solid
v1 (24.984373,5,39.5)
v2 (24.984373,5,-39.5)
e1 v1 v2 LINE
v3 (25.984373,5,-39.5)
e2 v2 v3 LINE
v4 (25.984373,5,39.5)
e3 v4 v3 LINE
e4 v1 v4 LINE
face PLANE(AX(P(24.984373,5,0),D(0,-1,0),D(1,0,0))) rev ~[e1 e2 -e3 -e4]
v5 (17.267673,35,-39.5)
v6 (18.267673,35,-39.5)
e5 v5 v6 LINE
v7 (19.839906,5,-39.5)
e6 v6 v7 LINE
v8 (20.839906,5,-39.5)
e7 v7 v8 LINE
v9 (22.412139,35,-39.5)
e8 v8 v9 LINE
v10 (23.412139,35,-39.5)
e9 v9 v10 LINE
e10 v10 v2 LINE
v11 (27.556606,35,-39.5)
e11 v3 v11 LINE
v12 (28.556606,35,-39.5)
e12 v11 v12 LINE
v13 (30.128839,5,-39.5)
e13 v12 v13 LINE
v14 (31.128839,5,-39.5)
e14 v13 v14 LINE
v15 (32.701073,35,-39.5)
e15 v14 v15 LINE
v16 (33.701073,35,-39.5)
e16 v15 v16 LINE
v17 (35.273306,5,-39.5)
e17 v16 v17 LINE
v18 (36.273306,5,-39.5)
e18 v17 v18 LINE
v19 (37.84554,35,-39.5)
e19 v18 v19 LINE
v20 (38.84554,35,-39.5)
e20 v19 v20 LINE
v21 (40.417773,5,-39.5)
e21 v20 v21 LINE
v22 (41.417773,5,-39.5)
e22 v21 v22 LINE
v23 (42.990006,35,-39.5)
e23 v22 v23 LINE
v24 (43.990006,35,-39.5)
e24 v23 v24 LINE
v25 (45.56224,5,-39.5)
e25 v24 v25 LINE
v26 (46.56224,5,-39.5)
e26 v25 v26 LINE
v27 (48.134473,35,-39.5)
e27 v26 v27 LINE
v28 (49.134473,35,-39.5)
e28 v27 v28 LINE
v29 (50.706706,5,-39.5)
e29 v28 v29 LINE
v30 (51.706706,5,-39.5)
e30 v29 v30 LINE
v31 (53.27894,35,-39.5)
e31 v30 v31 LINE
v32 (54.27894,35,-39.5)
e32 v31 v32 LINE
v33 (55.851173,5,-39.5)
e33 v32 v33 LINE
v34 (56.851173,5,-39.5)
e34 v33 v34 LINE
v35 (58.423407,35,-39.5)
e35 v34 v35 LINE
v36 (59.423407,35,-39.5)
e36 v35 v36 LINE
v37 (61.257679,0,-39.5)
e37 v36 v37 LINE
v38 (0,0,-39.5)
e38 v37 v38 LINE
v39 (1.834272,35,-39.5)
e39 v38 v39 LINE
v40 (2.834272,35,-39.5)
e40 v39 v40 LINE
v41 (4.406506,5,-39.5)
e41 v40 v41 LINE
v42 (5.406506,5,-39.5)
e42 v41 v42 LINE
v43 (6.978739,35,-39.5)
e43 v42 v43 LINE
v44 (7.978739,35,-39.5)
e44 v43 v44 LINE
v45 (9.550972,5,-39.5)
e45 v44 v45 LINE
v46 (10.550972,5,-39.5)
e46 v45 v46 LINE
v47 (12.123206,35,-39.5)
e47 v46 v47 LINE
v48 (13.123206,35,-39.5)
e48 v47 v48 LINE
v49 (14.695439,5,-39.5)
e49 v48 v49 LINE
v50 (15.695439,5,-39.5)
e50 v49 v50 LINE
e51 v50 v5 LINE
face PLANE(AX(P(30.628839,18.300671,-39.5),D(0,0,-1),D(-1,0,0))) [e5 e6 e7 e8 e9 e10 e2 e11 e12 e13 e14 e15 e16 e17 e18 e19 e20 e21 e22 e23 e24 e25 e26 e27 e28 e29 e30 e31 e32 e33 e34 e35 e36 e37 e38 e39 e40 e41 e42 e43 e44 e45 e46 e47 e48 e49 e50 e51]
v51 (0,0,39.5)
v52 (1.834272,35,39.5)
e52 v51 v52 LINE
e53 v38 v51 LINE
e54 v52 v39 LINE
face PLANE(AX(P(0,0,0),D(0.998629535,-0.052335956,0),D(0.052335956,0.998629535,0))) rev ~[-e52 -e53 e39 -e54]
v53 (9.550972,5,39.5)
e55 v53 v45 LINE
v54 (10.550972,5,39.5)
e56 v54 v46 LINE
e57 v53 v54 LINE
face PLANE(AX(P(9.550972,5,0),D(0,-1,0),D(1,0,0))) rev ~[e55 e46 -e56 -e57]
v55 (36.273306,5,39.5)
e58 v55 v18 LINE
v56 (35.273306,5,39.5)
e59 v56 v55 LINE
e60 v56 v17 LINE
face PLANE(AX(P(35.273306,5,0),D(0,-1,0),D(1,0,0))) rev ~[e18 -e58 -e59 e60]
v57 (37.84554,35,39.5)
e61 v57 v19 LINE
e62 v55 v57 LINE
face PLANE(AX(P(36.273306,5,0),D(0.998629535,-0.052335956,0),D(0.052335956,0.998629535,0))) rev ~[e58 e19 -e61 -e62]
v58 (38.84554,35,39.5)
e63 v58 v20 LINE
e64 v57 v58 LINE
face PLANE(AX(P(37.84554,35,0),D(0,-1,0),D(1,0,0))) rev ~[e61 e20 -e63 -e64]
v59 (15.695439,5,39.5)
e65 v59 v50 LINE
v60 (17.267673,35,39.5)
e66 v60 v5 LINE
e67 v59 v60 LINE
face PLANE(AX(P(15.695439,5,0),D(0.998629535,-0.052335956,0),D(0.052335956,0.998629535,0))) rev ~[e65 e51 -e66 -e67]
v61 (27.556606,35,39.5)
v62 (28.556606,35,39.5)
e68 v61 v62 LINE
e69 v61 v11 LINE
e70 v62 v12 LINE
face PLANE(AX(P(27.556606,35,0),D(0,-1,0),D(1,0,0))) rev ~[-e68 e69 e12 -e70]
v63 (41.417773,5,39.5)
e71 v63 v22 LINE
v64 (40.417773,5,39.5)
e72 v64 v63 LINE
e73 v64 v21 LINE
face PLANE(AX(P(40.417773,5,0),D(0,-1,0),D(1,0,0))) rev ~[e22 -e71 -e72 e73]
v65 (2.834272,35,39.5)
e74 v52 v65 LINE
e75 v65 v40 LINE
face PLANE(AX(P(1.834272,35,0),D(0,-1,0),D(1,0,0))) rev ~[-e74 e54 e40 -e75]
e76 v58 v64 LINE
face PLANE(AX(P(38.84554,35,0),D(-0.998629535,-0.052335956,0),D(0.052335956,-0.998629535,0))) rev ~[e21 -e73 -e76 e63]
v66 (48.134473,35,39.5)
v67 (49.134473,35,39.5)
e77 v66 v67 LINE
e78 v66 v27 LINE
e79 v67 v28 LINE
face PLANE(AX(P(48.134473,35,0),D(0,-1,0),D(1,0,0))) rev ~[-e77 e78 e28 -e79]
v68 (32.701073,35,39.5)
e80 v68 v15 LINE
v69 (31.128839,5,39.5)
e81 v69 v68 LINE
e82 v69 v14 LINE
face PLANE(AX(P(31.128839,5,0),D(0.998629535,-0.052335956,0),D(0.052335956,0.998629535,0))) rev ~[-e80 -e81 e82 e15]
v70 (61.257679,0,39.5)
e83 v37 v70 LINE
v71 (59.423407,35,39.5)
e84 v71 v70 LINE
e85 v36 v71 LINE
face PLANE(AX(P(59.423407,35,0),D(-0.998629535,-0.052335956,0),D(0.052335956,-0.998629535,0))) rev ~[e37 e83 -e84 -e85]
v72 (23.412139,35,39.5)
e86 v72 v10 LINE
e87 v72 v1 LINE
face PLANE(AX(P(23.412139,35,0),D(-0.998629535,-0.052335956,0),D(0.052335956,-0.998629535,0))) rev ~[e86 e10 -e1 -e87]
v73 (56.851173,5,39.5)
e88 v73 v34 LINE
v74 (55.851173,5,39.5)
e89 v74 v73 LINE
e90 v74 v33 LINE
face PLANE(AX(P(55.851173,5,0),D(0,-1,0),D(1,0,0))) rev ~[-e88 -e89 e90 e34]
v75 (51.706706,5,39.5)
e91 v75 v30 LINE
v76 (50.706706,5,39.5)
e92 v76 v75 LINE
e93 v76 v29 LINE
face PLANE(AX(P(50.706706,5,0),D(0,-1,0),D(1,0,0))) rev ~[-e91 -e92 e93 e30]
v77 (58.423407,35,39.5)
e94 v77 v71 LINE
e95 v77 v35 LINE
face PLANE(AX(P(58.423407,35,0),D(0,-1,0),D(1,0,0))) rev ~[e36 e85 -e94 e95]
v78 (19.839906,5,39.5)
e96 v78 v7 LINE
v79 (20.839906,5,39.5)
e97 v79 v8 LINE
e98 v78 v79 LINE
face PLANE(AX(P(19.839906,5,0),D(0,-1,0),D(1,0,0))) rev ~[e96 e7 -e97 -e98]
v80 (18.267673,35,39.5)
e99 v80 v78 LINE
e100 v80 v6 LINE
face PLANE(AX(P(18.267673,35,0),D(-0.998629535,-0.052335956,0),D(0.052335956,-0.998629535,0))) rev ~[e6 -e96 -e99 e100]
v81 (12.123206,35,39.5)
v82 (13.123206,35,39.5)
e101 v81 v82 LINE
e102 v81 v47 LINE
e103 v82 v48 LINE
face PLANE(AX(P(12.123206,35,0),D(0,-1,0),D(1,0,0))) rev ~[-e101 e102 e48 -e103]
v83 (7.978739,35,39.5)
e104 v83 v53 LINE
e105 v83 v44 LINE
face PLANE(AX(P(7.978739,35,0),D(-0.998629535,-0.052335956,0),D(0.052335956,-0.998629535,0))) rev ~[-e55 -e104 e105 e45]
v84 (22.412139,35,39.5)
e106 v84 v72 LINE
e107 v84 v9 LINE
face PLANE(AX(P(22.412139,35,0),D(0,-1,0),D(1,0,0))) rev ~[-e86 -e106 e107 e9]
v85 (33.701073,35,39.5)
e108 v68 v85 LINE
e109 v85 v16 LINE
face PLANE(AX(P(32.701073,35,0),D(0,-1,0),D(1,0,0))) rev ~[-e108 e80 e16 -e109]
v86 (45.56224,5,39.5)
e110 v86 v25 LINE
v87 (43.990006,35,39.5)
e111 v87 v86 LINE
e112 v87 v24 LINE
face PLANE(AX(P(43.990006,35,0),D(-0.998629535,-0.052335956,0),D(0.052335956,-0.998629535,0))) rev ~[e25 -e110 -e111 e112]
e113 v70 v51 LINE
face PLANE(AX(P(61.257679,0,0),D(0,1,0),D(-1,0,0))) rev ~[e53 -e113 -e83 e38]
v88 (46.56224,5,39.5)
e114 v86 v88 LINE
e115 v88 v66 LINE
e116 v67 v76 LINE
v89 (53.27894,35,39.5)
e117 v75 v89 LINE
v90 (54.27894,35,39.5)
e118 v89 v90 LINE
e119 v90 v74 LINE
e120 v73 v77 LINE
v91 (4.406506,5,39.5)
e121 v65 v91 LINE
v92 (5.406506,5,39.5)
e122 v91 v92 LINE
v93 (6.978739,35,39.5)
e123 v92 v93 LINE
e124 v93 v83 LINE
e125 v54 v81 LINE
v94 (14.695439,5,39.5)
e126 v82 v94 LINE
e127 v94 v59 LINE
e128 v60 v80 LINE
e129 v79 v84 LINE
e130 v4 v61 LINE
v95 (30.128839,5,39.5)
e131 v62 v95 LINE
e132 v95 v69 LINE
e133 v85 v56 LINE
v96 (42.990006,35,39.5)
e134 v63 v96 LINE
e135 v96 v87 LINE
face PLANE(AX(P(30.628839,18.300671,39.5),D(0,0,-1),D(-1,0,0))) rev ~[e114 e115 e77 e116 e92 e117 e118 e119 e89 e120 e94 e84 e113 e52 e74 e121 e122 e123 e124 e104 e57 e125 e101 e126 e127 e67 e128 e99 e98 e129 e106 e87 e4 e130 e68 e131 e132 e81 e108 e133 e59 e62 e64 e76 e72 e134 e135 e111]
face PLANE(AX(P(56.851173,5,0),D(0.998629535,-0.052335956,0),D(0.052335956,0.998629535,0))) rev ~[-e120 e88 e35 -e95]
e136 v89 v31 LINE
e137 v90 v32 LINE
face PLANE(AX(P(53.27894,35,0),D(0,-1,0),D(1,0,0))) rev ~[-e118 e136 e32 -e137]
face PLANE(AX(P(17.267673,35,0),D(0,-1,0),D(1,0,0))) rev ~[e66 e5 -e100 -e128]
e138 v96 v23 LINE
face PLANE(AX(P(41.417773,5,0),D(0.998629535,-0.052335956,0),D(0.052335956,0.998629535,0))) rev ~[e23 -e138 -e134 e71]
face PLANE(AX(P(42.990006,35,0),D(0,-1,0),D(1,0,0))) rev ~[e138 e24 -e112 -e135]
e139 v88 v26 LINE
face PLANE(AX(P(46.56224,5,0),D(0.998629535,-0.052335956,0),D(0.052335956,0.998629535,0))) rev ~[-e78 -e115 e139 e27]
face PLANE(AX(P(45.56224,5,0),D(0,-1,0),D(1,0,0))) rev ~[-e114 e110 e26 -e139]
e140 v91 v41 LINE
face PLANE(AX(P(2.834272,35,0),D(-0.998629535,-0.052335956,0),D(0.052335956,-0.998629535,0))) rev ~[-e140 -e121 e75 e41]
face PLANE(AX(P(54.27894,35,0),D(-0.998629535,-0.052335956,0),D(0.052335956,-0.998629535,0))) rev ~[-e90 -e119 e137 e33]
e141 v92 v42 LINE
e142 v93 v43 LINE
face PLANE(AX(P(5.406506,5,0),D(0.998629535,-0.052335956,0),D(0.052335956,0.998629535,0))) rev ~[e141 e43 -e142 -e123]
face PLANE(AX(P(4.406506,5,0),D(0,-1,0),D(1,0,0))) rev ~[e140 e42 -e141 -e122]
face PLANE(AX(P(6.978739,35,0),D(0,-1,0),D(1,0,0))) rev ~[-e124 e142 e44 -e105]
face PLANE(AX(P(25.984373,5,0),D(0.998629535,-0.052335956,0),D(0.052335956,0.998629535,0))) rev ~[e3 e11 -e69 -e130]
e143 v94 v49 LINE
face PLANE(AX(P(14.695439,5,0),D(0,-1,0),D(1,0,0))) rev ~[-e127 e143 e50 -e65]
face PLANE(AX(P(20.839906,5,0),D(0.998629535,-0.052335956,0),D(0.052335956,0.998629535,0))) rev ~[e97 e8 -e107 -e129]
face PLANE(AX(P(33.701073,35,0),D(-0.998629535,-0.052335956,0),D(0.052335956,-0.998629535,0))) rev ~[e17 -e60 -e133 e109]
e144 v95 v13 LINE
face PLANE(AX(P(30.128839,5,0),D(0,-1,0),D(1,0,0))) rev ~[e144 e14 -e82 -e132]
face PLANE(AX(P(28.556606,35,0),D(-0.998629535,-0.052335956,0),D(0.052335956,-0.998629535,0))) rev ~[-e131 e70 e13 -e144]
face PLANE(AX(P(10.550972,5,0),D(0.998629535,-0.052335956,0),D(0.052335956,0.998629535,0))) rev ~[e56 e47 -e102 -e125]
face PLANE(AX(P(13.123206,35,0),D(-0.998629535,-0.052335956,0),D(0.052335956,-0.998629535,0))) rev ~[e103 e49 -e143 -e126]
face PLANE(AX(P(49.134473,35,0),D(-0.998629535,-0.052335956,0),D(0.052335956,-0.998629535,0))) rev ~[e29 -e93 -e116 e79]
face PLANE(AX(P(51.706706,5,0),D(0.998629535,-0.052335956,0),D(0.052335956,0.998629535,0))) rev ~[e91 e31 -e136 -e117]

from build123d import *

# Parameters (mm, degrees)
BOSS_EXTRUDE1_DEPTH = 39.5


with BuildPart() as part:
    # Sketch1 → Boss-Extrude1 (new, symmetric)
    with BuildSketch(Plane.XY):
        Polygon((0, 0), (1.834272275, 35), (2.834272275, 35), (4.406505653, 5), (5.406505653, 5), (6.978739032, 35), (7.978739032, 35), (9.55097241, 5), (10.55097241, 5), (12.123205789, 35), (13.123205789, 35), (14.695439167, 5), (15.695439167, 5), (17.267672546, 35), (18.267672546, 35), (19.839905924, 5), (20.839905924, 5), (22.412139303, 35), (23.412139303, 35), (24.984372681, 5), (25.984372681, 5), (27.55660606, 35), (28.55660606, 35), (30.128839438, 5), (31.128839438, 5), (32.701072817, 35), (33.701072817, 35), (35.273306195, 5), (36.273306195, 5), (37.845539574, 35), (38.845539574, 35), (40.417772952, 5), (41.417772952, 5), (42.990006331, 35), (43.990006331, 35), (45.562239709, 5), (46.562239709, 5), (48.134473088, 35), (49.134473088, 35), (50.706706466, 5), (51.706706466, 5), (53.278939845, 35), (54.278939845, 35), (55.851173223, 5), (56.851173223, 5), (58.423406602, 35), (59.423406602, 35), (61.257678877, 0), align=None)
    extrude(amount=BOSS_EXTRUDE1_DEPTH, both=True)


solid = part.part
